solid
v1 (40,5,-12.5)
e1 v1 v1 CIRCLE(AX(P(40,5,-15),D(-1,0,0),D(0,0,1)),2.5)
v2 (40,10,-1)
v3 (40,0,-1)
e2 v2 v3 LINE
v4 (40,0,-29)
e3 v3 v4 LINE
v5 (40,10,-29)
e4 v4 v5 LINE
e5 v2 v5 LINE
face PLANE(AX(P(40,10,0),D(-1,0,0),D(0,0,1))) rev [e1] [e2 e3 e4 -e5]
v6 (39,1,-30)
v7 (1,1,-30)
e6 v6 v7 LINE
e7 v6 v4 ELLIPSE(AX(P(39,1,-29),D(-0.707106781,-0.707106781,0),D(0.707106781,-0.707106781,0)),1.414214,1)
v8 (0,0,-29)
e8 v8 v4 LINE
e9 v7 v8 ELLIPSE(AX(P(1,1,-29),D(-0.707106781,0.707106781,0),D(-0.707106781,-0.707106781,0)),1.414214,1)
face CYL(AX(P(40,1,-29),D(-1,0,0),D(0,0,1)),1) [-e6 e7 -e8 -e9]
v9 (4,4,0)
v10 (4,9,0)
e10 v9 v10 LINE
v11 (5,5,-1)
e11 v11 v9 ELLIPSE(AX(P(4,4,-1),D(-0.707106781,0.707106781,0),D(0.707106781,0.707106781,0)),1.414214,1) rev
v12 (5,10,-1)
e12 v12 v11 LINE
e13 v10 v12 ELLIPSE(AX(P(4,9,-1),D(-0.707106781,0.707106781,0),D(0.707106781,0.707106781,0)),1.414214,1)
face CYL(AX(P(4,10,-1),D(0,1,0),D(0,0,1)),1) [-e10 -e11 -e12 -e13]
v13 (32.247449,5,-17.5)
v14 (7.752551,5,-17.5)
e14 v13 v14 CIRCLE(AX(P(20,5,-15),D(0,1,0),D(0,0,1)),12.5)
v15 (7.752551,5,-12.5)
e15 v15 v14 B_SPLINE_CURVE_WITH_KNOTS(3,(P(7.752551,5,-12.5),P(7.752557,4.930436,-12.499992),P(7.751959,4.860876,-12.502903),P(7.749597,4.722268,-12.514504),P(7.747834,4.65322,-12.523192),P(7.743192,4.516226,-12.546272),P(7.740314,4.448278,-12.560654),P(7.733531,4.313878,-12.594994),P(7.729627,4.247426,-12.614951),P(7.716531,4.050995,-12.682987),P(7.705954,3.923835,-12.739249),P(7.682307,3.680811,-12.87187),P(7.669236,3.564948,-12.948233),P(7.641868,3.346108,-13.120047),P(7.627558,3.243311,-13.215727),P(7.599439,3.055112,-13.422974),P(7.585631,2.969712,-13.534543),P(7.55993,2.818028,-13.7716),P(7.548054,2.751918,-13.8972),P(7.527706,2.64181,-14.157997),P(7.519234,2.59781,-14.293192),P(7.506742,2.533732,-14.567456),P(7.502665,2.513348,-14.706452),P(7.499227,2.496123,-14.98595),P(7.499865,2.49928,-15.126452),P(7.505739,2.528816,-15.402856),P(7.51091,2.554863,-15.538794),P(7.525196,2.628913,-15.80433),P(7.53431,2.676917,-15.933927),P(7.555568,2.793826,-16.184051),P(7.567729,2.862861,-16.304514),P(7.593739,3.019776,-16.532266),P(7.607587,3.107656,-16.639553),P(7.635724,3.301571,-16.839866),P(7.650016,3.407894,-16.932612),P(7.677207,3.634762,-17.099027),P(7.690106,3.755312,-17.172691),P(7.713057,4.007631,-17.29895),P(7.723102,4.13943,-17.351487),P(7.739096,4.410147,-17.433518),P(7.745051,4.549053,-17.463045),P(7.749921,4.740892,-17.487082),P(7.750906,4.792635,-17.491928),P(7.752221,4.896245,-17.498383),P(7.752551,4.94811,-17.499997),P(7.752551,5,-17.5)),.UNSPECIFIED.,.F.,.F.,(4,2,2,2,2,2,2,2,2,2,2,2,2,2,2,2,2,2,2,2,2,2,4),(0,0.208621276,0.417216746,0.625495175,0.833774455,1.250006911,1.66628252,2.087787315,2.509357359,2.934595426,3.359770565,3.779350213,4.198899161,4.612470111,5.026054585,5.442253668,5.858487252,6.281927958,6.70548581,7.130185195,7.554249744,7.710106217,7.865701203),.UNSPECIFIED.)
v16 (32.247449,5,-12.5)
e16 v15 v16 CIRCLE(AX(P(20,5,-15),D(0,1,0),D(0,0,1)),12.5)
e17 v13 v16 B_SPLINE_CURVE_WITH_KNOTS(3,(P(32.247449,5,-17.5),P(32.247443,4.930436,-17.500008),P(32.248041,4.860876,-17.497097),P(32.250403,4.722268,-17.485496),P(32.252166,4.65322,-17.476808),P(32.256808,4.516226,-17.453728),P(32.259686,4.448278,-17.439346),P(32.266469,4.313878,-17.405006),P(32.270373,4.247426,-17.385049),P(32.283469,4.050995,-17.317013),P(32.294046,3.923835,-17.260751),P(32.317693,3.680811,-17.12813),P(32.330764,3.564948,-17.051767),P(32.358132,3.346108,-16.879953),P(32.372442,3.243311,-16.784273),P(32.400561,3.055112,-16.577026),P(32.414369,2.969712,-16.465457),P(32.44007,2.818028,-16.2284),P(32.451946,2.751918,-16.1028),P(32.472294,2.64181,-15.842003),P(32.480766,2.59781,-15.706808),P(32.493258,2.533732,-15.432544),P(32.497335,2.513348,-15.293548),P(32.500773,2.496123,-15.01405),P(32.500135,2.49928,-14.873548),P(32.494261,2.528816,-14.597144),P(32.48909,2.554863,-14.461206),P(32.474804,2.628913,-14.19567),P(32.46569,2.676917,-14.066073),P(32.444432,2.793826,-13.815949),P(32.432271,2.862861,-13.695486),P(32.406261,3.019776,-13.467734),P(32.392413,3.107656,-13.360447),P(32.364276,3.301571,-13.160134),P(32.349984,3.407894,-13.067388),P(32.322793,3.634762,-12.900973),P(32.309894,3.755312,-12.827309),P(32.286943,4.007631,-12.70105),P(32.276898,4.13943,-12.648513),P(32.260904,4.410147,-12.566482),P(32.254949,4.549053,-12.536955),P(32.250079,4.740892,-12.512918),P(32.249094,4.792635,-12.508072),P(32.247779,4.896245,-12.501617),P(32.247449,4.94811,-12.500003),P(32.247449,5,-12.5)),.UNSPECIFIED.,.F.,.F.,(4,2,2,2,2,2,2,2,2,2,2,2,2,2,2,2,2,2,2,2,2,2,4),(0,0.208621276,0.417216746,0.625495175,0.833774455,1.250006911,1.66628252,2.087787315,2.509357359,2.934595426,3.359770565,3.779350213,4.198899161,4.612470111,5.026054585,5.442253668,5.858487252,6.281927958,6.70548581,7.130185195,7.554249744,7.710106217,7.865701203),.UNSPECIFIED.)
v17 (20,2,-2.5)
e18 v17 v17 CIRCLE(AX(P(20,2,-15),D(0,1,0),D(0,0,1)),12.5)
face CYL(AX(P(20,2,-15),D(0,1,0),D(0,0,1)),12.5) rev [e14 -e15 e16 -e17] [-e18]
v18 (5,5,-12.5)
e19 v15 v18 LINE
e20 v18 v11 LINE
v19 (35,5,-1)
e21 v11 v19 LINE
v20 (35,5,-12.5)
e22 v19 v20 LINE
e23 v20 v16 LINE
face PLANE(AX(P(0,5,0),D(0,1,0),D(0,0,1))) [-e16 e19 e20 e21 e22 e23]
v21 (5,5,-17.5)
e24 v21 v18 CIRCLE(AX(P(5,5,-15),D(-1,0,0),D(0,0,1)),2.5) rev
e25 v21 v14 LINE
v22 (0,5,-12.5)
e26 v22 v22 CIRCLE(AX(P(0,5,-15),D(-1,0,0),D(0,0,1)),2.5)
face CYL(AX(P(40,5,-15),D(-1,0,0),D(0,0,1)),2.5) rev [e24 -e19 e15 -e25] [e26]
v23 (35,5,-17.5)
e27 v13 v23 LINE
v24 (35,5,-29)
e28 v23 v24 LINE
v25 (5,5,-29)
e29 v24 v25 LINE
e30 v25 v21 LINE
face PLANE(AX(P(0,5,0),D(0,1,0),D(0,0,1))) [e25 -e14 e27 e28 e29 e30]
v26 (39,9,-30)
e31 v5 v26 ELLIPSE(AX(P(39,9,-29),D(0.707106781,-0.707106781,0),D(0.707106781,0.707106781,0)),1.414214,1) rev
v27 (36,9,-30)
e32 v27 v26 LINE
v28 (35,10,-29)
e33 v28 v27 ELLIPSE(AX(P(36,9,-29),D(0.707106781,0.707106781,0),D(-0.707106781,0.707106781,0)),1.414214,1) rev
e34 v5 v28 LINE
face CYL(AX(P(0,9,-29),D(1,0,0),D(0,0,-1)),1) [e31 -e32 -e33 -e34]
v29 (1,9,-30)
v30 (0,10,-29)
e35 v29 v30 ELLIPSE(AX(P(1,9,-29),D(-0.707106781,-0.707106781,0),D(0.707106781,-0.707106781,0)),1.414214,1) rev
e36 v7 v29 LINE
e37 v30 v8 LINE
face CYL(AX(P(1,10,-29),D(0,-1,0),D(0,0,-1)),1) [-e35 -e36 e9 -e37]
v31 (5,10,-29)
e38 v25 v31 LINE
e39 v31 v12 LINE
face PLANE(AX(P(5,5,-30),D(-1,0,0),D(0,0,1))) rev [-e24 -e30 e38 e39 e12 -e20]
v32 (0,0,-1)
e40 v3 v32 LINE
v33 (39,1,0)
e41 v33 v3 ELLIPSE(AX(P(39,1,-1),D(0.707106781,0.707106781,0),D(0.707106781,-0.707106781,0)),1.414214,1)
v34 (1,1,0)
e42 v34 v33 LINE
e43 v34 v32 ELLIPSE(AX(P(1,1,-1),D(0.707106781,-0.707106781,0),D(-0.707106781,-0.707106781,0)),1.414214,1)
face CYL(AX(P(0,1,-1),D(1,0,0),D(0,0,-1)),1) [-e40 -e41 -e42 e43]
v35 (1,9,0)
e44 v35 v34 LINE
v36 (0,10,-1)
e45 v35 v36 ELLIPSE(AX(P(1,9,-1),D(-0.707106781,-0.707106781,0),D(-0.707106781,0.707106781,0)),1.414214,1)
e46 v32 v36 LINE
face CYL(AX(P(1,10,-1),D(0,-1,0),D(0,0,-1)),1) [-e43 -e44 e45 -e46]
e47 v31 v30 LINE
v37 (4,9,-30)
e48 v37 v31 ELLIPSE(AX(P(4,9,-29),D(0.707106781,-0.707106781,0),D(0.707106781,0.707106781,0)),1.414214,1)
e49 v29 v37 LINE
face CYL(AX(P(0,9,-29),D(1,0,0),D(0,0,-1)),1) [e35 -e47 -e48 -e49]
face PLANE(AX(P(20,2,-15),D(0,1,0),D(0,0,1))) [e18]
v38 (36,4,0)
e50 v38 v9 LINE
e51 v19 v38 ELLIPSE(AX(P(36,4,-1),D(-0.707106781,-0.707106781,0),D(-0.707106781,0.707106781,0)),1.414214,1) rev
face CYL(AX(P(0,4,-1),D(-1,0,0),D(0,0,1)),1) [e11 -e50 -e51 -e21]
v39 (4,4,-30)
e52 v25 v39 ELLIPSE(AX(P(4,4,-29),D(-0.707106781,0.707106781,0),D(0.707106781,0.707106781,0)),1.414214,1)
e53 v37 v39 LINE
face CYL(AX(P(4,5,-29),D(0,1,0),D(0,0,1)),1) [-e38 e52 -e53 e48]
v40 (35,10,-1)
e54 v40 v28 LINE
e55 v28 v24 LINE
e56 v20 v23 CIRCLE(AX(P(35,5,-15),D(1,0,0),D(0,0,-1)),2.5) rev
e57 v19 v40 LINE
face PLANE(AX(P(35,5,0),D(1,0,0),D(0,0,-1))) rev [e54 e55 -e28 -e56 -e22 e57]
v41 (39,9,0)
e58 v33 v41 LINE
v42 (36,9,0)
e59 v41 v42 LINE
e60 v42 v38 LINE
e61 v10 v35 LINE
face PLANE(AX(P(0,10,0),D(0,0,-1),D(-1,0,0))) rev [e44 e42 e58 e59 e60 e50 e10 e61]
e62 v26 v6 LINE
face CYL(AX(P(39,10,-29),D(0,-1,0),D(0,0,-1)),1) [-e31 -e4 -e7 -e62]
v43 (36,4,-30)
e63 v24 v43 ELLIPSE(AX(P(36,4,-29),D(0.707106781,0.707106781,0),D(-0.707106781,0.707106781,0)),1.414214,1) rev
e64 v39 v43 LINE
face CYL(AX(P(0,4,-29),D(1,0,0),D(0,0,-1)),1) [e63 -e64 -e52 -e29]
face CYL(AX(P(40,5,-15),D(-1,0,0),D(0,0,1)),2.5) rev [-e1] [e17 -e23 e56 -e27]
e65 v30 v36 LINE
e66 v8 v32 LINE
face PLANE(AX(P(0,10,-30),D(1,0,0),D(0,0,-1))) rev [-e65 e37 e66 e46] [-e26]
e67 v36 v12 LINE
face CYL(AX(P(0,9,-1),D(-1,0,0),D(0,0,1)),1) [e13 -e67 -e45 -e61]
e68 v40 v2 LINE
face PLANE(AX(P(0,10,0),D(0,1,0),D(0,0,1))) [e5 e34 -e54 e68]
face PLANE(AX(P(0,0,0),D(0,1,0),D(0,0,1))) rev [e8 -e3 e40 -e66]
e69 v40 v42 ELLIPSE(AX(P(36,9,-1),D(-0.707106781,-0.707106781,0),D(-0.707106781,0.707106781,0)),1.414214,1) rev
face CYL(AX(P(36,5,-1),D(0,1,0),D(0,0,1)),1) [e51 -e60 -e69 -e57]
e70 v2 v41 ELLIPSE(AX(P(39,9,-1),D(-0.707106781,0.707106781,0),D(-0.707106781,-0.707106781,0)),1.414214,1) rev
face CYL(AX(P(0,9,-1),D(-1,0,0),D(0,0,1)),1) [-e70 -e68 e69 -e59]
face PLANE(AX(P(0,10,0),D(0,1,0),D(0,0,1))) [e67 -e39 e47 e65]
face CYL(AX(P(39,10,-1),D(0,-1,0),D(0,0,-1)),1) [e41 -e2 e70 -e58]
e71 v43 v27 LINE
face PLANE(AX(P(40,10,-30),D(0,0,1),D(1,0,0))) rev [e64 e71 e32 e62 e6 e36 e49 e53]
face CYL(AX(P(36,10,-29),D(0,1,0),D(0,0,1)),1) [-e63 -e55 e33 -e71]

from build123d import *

# Parameters (mm, degrees)
SKETCH_1_W          = 40
SKETCH_1_H          = 30
EXTRUDE_1_DEPTH     = 10
SKETCH_3_R          = 2.5
CUT_EXTRUDE_1_DEPTH = 51.990195136
CUT_EXTRUDE_2_DEPTH = 5
SKETCH_5_R          = 12.5
CUT_EXTRUDE_3_DEPTH = 3
FILLET_1_R          = 1


with BuildPart() as part:
    # 草图1 → 凸台-拉伸1 (new body)
    with BuildSketch(Plane(origin=(0, 0, 0), x_dir=(1, 0, 0), z_dir=(0, 1, 0))):
        with Locations((20, 15)):
            Rectangle(SKETCH_1_W, SKETCH_1_H)
    extrude(amount=EXTRUDE_1_DEPTH)

    # 草图3 → 切除-拉伸1 (cut, through all)
    with BuildSketch(Plane.ZY):
        with Locations((-15, 5)):
            Circle(SKETCH_3_R)
    extrude(amount=-CUT_EXTRUDE_1_DEPTH, mode=Mode.SUBTRACT)

    # 草图4 → 切除-拉伸2 (cut)
    with BuildSketch(Plane(origin=(0, 10, 0), x_dir=(1, 0, 0), z_dir=(0, 1, 0))):
        Polygon((20, 30), (5, 30), (5, 0), (35, 0), (35, 30), align=None)
    extrude(amount=-CUT_EXTRUDE_2_DEPTH, mode=Mode.SUBTRACT)

    # 草图5 → 切除-拉伸3 (cut)
    with BuildSketch(Plane(origin=(0, 5, 0), x_dir=(1, 0, 0), z_dir=(0, 1, 0))):
        with Locations(Location((20, 15, 0), (0, 0, 270))):
            Circle(SKETCH_5_R)
    extrude(amount=-CUT_EXTRUDE_3_DEPTH, mode=Mode.SUBTRACT)

    # 圆角1
    fillet_1_edges = [part.edges().sort_by_distance(p)[0] for p in [
        (37.5, 10, -30),
        (37.5, 10, 0),
        (2.5, 10, -30),
        (35, 7.5, -30),
        (5, 7.5, 0),
        (20, 5, 0),
        (35, 7.5, 0),
        (20, 5, -30),
        (5, 7.5, -30),
        (20, 0, -30),
        (20, 0, 0),
        (2.5, 10, 0),
        (0, 5, -30),
        (40, 5, -30),
        (40, 5, 0),
        (0, 5, 0),
    ]]
    fillet(fillet_1_edges, radius=FILLET_1_R)


solid = part.part
